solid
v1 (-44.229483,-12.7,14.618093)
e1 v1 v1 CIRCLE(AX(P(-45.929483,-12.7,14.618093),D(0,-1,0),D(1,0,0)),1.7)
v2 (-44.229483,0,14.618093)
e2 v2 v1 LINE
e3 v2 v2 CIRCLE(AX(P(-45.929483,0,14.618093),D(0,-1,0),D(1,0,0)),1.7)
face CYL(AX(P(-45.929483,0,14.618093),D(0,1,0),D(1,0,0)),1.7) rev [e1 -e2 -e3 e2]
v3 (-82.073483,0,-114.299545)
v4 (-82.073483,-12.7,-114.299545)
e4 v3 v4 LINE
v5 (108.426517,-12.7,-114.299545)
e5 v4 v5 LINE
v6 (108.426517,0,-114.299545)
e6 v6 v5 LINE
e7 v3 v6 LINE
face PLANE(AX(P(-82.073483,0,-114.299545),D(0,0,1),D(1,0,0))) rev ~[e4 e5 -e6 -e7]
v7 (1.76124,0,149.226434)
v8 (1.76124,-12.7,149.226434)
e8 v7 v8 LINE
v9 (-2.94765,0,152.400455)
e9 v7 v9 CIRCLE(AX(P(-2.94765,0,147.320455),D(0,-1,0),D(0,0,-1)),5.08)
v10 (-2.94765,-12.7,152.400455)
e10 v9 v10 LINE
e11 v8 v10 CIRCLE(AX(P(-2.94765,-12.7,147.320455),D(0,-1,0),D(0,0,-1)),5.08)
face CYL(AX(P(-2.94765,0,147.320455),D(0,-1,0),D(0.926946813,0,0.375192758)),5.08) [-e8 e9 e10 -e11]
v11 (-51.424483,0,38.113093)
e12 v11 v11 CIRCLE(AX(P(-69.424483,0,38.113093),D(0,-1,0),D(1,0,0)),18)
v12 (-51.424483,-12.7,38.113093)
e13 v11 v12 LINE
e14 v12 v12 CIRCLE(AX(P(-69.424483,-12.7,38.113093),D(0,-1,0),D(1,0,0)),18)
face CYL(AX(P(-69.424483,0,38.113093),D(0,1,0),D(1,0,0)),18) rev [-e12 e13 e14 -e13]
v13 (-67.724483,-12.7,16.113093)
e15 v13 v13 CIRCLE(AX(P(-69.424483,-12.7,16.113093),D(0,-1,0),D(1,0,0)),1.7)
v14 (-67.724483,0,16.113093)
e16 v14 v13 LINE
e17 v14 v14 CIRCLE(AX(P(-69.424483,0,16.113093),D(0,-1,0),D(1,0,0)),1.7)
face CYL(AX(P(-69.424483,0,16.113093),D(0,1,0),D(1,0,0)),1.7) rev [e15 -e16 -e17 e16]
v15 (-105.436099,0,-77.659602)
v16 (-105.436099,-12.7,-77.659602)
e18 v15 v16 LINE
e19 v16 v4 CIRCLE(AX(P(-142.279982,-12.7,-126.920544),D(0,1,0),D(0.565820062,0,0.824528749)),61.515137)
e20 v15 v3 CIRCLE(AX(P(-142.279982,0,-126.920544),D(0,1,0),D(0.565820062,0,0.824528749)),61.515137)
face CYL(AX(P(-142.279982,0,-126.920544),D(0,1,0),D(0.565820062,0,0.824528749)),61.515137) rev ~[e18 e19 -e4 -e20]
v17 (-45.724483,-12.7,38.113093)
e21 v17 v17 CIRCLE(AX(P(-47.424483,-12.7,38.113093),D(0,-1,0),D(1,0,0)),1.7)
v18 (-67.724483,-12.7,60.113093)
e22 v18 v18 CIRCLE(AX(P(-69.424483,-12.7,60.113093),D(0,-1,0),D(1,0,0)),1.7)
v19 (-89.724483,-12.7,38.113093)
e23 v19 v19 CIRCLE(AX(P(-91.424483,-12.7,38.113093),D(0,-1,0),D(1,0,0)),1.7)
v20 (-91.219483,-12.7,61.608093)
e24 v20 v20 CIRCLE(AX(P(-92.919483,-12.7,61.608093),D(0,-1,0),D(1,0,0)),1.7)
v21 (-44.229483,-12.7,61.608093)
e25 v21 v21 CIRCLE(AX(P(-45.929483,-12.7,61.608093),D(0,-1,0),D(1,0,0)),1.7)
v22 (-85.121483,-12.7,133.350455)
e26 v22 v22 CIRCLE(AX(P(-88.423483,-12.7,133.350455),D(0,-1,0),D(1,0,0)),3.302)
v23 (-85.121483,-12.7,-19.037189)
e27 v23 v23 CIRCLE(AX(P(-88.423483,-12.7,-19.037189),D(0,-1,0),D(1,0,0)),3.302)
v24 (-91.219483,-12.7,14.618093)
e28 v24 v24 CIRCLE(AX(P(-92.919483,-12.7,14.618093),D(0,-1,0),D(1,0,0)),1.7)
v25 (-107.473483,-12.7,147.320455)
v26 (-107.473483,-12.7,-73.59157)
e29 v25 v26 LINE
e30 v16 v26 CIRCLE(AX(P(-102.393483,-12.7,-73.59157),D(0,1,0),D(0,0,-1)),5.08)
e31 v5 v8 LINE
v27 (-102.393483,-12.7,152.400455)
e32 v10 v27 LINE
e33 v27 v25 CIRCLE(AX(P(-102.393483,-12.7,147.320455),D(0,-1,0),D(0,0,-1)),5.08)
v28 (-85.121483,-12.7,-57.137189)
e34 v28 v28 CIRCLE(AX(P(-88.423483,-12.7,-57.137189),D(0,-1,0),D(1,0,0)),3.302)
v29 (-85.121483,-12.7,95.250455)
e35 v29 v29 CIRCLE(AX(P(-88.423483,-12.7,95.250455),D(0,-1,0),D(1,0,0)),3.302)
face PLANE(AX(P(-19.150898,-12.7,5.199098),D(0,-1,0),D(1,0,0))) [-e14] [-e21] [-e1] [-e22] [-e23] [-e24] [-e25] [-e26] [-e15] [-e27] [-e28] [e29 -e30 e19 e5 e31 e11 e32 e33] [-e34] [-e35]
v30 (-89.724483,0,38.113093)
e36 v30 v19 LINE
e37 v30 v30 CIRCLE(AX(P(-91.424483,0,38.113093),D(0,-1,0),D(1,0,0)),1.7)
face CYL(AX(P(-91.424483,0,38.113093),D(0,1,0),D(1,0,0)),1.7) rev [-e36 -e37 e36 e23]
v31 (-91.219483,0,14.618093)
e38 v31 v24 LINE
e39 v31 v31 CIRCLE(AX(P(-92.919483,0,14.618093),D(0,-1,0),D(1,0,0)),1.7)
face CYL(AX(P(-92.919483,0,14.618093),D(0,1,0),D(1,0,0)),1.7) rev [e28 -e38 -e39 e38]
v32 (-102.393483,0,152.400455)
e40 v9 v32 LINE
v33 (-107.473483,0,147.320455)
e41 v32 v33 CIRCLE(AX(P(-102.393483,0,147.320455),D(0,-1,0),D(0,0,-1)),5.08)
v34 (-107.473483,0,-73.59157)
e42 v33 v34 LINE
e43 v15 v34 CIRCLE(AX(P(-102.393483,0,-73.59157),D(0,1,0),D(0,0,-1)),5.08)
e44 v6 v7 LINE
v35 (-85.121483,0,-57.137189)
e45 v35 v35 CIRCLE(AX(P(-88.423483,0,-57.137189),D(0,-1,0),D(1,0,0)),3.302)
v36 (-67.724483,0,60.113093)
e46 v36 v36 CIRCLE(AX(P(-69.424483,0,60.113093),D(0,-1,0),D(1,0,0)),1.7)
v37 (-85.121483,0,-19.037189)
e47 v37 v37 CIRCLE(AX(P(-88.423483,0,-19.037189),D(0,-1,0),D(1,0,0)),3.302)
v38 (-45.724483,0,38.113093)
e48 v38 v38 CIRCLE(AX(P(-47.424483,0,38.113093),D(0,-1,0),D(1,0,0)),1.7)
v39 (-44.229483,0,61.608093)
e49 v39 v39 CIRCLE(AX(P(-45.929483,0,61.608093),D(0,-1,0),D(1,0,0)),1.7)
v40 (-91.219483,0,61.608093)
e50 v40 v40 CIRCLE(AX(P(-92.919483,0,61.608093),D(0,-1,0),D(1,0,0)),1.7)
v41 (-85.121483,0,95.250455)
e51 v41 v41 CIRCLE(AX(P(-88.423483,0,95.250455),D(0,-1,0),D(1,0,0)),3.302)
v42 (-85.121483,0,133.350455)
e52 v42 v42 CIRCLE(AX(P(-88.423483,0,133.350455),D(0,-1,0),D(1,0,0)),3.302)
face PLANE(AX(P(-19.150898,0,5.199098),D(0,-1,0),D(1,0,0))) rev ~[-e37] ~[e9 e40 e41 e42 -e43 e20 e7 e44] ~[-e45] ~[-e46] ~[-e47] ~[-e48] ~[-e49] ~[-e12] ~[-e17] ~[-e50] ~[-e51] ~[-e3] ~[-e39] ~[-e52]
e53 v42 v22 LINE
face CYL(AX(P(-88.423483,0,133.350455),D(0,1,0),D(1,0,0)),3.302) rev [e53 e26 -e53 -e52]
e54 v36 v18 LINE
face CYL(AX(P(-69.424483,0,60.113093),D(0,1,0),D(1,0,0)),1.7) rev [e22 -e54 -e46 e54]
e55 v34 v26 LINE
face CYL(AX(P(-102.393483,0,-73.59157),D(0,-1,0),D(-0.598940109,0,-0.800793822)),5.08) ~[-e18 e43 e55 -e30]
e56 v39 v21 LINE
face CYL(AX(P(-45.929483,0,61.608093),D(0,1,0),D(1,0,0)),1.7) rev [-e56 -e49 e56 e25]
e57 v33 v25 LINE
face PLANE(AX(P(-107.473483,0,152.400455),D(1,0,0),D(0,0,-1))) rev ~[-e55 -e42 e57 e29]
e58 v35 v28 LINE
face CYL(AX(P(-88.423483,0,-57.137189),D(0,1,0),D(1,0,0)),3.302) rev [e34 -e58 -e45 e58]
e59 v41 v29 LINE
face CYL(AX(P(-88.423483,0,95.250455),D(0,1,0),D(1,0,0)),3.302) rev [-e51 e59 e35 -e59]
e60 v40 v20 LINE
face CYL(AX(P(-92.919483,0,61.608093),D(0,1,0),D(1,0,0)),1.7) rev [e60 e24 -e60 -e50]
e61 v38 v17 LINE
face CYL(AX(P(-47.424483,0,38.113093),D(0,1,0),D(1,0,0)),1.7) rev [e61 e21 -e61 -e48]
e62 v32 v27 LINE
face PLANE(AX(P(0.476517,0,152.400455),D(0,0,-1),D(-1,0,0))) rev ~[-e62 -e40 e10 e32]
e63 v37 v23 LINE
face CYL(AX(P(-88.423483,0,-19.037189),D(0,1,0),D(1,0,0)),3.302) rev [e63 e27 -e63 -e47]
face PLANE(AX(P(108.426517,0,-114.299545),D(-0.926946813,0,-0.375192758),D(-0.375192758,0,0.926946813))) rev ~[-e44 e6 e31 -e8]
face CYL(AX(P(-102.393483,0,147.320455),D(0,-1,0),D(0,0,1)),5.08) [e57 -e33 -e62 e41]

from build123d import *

# Parameters (mm, degrees)
F0_R     = 3.302
F0_R_2   = 1.7
F0_R_3   = 18
F1_DEPTH = 12.7
F2_R     = 5.08


with BuildPart() as f1:
    # F0 (on Front) → F1 (new body)
    with BuildSketch(Plane.XZ):
        with BuildLine():
            Line((108.426517, -114.299545), (0.476517, 152.400455))
            Line((0.476517, 152.400455), (-107.473483, 152.400455))
            Line((-107.473483, 152.400455), (-107.473483, -76.199545))
            ThreePointArc((-107.473483, -76.199545), (-91.096294, -92.798085), (-82.073483, -114.299545))
            Line((-82.073483, -114.299545), (108.426517, -114.299545))
        make_face()
        with Locations((-88.423483, -57.137189)):
            Circle(F0_R, mode=Mode.SUBTRACT)
        with Locations((-88.423483, -19.037189)):
            Circle(F0_R, mode=Mode.SUBTRACT)
        with Locations((-92.919483, 14.618093)):
            Circle(F0_R_2, mode=Mode.SUBTRACT)
        with Locations((-69.424483, 16.113093)):
            Circle(F0_R_2, mode=Mode.SUBTRACT)
        with Locations((-45.929483, 14.618093)):
            Circle(F0_R_2, mode=Mode.SUBTRACT)
        with Locations((-91.424483, 38.113093)):
            Circle(F0_R_2, mode=Mode.SUBTRACT)
        with Locations((-69.424483, 38.113093)):
            Circle(F0_R_3, mode=Mode.SUBTRACT)
        with Locations((-92.919483, 61.608093)):
            Circle(F0_R_2, mode=Mode.SUBTRACT)
        with Locations((-69.424483, 60.113093)):
            Circle(F0_R_2, mode=Mode.SUBTRACT)
        with Locations((-47.424483, 38.113093)):
            Circle(F0_R_2, mode=Mode.SUBTRACT)
        with Locations((-45.929483, 61.608093)):
            Circle(F0_R_2, mode=Mode.SUBTRACT)
        with Locations((-88.423483, 95.250455)):
            Circle(F0_R, mode=Mode.SUBTRACT)
        with Locations((-88.423483, 133.350455)):
            Circle(F0_R, mode=Mode.SUBTRACT)
    extrude(amount=F1_DEPTH)

    # F2
    f2_edges = [f1.edges().sort_by_distance(p)[0] for p in [
        (0.476517, -6.35, 152.400455),
        (-107.473483, -6.35, 152.400455),
        (-107.473483, -6.35, -76.199545),
    ]]
    fillet(f2_edges, radius=F2_R)


solid = f1.part
